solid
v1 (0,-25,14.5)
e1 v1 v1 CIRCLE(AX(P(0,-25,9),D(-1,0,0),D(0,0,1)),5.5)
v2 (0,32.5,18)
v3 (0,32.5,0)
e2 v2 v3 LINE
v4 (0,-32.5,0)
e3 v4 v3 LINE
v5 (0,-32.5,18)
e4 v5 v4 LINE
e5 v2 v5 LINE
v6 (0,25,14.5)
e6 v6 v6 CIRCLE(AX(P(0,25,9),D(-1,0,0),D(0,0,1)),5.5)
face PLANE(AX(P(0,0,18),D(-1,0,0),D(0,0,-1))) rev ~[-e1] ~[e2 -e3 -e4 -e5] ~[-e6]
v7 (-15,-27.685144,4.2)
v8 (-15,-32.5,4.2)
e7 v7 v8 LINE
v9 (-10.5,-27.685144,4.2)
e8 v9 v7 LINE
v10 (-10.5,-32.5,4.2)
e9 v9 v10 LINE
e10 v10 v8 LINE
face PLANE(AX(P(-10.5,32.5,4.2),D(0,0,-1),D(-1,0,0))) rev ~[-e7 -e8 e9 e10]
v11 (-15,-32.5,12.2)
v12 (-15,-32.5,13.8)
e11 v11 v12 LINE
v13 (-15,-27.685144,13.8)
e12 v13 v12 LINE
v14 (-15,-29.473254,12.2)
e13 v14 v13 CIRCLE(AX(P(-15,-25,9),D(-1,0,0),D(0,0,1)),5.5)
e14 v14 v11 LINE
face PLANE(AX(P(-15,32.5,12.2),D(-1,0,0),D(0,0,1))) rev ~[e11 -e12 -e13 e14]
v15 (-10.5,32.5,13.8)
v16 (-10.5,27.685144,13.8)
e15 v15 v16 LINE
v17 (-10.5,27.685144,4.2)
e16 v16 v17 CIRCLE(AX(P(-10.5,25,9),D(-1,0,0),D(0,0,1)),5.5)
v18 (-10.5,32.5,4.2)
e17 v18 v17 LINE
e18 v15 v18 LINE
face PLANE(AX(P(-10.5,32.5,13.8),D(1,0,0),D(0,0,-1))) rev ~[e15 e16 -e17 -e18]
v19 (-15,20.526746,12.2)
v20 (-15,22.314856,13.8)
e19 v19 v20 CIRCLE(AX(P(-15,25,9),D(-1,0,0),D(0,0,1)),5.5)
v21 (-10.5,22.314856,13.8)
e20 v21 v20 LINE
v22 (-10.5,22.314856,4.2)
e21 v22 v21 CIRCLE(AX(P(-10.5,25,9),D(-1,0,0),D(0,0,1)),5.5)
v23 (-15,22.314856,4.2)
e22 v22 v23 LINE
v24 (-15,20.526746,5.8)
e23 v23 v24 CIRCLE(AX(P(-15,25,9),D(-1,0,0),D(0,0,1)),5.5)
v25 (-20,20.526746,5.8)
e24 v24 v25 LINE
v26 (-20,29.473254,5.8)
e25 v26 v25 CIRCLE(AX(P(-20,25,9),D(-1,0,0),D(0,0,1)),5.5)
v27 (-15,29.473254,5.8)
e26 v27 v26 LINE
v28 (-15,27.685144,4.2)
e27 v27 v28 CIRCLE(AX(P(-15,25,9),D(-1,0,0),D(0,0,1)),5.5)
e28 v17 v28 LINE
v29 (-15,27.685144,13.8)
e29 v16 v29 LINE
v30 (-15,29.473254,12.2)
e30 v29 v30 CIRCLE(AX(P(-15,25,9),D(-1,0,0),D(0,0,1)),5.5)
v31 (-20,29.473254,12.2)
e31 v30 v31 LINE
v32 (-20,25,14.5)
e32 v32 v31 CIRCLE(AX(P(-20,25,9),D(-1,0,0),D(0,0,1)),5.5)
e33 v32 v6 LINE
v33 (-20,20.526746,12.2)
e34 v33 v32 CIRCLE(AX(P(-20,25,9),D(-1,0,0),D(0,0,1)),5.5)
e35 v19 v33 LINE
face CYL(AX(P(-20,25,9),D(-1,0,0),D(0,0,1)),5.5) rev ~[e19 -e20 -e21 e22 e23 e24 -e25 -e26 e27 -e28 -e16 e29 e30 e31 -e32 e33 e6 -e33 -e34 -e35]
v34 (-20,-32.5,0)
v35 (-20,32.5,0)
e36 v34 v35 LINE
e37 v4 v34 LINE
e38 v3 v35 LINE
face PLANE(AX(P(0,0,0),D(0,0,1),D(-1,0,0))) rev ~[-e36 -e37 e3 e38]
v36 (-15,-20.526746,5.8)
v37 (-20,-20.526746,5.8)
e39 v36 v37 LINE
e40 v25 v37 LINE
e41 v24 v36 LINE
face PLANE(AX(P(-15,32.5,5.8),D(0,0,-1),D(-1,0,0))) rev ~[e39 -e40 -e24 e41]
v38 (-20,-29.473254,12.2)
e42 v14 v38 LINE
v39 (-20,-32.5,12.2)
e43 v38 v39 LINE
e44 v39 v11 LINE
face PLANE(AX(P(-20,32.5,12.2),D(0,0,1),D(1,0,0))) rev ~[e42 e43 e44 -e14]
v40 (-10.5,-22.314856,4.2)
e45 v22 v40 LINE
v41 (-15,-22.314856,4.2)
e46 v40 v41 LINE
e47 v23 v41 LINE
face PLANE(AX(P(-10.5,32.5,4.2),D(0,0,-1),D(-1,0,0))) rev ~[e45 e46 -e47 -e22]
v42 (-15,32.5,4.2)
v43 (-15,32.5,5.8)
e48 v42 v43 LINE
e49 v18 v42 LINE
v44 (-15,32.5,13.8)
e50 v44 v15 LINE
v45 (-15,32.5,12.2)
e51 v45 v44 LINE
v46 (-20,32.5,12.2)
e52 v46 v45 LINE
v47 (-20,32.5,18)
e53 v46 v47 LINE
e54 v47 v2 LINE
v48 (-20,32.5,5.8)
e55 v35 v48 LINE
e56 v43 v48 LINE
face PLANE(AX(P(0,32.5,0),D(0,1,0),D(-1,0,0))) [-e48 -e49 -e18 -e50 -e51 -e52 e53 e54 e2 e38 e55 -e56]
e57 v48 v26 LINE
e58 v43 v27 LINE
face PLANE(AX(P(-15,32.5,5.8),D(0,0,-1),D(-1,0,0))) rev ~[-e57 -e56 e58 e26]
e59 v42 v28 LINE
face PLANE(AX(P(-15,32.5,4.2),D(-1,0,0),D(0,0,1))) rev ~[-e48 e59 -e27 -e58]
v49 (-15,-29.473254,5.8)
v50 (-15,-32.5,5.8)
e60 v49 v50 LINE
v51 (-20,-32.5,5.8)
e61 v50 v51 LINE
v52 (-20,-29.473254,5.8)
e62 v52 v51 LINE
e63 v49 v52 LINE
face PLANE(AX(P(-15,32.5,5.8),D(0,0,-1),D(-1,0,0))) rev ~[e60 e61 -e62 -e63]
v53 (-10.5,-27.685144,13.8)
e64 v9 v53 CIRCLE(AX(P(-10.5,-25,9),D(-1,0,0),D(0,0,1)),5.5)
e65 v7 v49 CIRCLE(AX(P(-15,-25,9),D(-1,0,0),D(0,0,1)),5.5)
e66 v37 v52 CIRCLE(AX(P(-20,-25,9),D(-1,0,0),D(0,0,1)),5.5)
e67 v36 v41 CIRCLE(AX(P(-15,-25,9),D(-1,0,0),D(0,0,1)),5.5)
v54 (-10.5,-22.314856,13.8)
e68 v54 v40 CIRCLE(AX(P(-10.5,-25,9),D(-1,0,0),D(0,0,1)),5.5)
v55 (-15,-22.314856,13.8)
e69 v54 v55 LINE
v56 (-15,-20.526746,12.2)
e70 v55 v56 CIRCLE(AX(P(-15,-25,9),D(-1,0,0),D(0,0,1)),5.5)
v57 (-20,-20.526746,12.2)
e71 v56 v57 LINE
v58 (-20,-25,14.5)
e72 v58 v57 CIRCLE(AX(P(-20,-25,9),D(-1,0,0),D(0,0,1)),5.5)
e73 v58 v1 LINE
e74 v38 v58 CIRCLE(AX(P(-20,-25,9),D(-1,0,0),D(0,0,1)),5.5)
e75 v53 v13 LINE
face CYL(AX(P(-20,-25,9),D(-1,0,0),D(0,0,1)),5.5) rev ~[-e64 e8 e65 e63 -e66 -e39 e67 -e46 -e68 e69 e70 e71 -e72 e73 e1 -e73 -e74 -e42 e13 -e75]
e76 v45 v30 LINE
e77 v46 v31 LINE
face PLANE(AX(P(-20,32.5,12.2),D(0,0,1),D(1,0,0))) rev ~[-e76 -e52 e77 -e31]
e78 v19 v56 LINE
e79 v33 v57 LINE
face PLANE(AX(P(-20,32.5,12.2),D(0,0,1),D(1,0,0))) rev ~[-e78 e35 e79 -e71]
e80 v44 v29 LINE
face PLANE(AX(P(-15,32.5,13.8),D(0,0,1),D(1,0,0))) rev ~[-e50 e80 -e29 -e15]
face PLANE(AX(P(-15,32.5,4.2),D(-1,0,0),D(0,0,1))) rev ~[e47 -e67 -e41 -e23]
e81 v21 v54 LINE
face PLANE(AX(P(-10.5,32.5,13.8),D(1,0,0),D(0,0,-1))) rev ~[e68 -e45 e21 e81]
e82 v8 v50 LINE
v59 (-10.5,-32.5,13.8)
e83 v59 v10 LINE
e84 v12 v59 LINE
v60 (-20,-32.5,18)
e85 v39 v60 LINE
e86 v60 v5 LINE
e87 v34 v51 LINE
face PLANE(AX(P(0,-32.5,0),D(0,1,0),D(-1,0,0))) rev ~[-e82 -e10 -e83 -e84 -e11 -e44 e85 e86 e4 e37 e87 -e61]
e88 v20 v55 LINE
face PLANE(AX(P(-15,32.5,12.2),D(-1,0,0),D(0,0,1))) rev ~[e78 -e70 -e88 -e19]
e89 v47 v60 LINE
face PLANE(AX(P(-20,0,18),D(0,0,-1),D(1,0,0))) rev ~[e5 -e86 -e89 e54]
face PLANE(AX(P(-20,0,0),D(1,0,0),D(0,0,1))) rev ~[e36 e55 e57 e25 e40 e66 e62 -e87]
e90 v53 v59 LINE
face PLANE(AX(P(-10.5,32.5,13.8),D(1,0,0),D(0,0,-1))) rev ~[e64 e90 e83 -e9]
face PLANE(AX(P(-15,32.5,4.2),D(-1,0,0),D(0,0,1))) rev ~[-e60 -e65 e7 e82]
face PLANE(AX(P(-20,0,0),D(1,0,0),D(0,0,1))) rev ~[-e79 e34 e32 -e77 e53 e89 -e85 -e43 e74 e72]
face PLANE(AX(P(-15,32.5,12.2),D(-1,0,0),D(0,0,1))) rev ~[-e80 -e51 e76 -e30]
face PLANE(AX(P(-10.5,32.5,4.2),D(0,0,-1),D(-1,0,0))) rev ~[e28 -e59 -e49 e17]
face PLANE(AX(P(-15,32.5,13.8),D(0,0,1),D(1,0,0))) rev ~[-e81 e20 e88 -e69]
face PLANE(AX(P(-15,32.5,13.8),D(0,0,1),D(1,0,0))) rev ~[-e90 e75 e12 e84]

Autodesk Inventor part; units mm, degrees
ref_plane "YZ Plane" through (0, 0, 0) normal (1, 0, 0) x (0, 1, 0)
ref_plane "XZ Plane" through (0, 0, 0) normal (0, 1, 0) x (-1, 0, 0)
ref_plane "XY Plane" through (0, 0, 0) normal (0, 0, 1) x (1, 0, 0)
sketch "Sketch1" plane through (0, 0, 0) normal (0, 1, 0) x (-1, 0, 0)
  line L0 (0, 0) -> (20, 0)
  line L1 (20, 0) -> (20, 18)
  line L2 (20, 18) -> (0, 18)
  line L3 (0, 18) -> (0, 0)
  dimension "d0" = 18
  dimension "d1" = 20
extrude "Extrusion1" add sketch "Sketch1" along normal mid plane 65
sketch "Sketch2" plane through (-20, -32.5, 18) normal (-1, 0, 0) x (0, 0, 1)
  circle A0 centre (-9, 7.5) radius 3.25
  circle A1 centre (-9, 57.5) radius 3.25
  circle A2 centre (-9, 7.5) radius 5.5
  circle A3 centre (-9, 57.5) radius 5.5
  line L0 (0, 0) -> (-18, 0) projected
  line L1 (-18, 32.5) -> (8.866, 32.5) construction
  line L2 (-9, 65.0931) -> (-9, 0) construction
  dimension "d4" = 6.5
  dimension "d5" = 6.5
  dimension "d8" = 11
  dimension "d9" = 11
  dimension "d26" = 25
  dimension "d27" = 25
extrude "Extrusion2" cut sketch "Sketch2" against normal through all contours A0 | A1
extrude "Extrusion3" cut sketch "Sketch2" against normal blind 26
sketch "Sketch4" plane through (0, 32.5, 0) normal (0, 1, 0) x (1, 0, 0)
  line L0 (-20, 0) -> (-20, -18) projected
  line L1 (-20, -9) -> (2.4786, -9) construction
  line L2 (-20, -12.2) -> (-15, -12.2)
  line L3 (-15, -12.2) -> (-15, -13.8)
  line L4 (-15, -13.8) -> (-10.5, -13.8)
  line L5 (-10.5, -13.8) -> (-10.5, -4.2)
  line L6 (-10.5, -4.2) -> (-15, -4.2)
  line L7 (-15, -4.2) -> (-15, -5.8)
  line L8 (-15, -5.8) -> (-20, -5.8)
  line L9 (-20, -12.2) -> (-20, -5.8)
  point P0 (0, 0)
  dimension "d28" = 6.4
  dimension "d29" = 4.5
  dimension "d30" = 9.6
  dimension "d31" = 5
extrude "Extrusion4" cut sketch "Sketch4" against normal through all
properties part number "HeadbarHolderBracketAdjustable" material "Aluminum 6061"
